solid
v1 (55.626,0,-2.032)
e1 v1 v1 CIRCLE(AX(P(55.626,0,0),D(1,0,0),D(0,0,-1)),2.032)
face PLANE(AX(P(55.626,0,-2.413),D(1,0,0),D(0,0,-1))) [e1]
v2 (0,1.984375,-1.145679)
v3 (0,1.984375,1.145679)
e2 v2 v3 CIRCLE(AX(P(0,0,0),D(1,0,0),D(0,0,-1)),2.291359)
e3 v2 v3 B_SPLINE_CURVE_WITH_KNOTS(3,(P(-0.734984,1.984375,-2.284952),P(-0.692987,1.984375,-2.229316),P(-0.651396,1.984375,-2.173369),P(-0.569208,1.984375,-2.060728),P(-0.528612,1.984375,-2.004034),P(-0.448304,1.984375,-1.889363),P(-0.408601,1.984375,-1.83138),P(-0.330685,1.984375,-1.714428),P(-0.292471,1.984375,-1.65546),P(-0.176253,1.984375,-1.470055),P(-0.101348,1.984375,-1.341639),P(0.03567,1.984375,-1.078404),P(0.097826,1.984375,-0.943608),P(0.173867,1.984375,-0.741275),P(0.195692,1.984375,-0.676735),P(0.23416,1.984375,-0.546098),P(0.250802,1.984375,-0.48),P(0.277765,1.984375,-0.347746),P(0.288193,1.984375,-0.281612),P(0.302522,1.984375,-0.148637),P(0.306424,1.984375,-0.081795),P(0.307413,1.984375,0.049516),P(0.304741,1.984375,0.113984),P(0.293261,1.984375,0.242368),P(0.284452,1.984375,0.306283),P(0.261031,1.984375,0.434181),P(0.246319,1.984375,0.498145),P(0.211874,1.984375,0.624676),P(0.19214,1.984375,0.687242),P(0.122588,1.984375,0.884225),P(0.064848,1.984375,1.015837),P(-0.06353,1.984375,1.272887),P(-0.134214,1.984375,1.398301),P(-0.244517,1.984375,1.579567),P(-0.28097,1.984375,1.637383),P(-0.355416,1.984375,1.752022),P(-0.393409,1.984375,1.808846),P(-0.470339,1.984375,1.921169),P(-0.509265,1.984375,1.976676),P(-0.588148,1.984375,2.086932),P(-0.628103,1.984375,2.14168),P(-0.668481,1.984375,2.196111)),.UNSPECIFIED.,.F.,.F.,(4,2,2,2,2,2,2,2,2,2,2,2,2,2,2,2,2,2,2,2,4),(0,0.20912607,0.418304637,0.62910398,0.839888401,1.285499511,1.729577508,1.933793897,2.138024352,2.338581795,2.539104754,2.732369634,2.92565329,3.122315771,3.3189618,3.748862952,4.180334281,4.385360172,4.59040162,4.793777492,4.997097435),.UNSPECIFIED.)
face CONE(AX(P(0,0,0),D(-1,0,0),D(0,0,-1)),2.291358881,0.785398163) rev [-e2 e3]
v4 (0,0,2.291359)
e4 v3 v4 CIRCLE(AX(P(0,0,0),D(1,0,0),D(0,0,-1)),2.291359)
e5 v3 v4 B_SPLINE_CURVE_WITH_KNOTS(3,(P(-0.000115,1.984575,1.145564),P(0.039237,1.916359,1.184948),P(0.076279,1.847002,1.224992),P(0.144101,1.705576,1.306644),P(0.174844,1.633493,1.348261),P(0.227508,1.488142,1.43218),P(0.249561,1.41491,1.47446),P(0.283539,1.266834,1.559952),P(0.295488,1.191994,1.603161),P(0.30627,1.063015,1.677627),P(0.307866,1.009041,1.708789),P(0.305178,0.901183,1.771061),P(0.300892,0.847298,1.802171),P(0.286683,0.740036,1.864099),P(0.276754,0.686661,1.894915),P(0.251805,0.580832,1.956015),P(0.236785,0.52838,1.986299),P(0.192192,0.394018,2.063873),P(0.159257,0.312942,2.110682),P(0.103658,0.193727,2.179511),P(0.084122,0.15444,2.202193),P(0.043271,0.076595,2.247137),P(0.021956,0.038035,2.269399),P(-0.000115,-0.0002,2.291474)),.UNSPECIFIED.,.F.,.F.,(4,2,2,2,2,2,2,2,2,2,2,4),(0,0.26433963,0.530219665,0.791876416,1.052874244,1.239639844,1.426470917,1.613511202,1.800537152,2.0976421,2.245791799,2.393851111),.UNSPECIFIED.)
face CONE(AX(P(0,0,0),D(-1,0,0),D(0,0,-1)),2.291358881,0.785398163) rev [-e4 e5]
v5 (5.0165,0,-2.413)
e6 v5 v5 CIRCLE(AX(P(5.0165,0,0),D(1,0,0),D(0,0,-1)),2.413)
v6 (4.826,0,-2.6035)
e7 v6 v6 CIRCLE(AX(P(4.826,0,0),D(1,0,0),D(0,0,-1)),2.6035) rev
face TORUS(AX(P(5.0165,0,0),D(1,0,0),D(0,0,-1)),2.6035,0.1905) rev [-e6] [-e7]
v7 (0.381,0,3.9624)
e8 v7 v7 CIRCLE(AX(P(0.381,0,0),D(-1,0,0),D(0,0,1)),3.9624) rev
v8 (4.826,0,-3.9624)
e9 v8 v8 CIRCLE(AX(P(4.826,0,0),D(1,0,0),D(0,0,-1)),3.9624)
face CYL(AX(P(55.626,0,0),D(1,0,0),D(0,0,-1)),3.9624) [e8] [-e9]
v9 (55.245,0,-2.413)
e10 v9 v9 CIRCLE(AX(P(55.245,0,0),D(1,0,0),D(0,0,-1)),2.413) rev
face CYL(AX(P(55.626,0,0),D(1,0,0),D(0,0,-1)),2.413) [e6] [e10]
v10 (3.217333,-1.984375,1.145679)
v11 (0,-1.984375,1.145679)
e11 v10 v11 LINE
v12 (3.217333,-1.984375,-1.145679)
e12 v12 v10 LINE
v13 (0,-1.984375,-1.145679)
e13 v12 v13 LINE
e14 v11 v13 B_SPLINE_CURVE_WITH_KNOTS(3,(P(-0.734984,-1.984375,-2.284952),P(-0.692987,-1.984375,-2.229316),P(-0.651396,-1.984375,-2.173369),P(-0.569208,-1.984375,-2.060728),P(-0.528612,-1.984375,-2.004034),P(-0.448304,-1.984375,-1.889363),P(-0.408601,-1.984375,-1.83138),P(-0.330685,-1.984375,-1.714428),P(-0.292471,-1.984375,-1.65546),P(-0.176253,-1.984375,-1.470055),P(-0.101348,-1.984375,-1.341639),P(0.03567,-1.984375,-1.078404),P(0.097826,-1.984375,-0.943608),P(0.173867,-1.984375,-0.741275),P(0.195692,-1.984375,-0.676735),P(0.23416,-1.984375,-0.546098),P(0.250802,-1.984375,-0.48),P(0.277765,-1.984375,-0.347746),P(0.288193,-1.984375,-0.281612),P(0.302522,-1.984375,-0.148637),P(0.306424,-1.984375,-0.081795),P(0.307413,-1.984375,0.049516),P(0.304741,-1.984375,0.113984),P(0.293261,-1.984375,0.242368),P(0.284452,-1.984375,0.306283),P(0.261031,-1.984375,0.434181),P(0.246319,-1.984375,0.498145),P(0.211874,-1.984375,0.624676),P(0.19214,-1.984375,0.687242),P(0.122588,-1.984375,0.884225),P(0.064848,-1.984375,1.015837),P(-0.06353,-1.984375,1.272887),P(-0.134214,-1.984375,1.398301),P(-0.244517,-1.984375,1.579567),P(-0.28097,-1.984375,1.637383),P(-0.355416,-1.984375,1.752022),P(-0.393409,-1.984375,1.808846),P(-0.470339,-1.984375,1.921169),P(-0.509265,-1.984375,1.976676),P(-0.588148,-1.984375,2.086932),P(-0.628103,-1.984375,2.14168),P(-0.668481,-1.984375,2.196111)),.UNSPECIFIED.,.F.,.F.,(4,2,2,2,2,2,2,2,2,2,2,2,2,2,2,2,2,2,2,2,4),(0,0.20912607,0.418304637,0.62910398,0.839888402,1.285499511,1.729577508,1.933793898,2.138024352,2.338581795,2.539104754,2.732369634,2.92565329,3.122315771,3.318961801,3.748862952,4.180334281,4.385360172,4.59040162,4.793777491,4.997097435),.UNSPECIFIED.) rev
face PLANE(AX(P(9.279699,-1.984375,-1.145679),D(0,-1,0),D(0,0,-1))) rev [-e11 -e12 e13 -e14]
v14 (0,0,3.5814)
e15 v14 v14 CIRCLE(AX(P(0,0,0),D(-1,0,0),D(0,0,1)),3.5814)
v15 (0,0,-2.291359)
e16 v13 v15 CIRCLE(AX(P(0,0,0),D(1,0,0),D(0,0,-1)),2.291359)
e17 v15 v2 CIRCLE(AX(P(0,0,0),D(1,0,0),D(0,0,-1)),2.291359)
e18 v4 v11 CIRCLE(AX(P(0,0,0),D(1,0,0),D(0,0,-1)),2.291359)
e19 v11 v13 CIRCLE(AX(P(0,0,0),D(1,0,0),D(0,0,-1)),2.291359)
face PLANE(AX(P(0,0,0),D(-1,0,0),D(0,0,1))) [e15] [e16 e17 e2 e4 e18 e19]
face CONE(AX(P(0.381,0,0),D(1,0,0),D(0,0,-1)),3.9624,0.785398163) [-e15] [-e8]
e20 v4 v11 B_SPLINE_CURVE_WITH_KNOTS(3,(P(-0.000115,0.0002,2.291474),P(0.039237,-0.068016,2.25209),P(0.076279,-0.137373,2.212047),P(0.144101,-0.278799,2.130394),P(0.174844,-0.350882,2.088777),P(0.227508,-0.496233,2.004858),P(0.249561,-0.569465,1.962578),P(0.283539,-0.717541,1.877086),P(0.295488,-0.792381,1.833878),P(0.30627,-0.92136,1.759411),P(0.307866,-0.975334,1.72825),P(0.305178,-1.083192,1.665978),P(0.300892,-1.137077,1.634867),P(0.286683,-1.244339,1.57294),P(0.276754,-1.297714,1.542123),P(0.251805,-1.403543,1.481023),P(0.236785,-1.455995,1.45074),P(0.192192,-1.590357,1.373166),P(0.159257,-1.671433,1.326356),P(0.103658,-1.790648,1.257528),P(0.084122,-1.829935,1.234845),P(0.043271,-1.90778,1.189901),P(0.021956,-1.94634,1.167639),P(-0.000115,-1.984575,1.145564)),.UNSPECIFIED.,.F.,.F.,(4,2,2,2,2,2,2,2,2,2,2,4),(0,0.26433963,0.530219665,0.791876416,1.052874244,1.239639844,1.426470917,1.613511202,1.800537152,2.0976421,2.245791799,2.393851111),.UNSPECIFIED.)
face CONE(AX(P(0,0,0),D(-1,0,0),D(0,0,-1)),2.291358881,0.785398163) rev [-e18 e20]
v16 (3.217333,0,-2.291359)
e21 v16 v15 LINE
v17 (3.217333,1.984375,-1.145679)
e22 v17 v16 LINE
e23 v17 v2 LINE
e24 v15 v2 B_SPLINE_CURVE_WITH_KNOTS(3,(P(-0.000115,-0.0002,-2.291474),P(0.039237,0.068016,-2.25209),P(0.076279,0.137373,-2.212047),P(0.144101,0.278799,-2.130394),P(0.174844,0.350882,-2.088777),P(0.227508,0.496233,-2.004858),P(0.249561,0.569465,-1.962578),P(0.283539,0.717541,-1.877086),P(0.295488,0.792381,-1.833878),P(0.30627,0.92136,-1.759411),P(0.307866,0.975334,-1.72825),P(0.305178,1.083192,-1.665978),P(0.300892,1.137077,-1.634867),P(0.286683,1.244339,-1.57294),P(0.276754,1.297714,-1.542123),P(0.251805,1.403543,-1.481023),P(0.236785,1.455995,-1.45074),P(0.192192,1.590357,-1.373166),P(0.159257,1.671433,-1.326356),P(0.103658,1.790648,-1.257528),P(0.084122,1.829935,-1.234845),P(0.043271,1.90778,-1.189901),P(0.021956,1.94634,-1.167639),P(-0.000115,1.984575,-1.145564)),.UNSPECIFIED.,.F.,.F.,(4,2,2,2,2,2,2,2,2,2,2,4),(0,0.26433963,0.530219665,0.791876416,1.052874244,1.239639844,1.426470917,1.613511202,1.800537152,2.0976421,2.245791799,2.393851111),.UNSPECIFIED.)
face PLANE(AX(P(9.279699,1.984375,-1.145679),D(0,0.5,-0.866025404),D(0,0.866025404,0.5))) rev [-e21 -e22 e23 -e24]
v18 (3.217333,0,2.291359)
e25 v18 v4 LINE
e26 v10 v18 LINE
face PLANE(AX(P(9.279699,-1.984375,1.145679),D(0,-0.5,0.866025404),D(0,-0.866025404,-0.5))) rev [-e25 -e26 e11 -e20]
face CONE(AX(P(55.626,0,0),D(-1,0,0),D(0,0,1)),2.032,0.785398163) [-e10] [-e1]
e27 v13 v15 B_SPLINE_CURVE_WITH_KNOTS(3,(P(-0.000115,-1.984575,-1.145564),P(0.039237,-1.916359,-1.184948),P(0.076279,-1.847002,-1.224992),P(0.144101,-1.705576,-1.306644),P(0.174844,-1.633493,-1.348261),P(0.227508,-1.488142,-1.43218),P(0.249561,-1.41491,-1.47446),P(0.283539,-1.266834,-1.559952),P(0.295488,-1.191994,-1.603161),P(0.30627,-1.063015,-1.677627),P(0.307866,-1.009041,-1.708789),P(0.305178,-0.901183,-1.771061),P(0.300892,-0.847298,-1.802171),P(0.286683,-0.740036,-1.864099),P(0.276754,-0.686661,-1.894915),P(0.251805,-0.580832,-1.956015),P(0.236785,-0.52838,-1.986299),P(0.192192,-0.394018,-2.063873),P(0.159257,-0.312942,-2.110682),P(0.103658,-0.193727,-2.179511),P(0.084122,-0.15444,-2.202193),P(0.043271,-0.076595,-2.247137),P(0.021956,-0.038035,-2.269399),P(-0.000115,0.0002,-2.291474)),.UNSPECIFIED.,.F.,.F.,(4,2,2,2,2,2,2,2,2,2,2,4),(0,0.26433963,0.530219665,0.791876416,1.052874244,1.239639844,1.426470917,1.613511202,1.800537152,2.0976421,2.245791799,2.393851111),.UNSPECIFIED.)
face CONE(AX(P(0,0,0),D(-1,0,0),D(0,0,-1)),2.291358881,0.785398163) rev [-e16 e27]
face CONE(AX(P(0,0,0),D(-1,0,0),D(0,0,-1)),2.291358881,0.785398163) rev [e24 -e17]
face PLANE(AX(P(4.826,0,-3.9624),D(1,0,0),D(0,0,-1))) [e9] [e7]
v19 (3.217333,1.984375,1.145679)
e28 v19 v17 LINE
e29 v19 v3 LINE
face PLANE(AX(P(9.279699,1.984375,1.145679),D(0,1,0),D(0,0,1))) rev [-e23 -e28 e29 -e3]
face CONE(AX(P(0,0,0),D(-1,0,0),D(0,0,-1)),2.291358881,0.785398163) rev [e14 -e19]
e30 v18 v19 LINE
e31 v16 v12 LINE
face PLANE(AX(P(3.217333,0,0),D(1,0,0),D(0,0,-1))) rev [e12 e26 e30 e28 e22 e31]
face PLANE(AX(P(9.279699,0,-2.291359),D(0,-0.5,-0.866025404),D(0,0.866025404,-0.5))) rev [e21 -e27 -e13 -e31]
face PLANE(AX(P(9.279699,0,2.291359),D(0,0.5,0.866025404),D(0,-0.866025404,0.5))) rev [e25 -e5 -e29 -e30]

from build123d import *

# Parameters (mm, degrees)
HEX_START         = -3.217333
HEX_2_DEPTH       = 3.217333
CHAMFER1_SIZE     = 0.381
FILLET1_R         = 0.1905
SKETCH3_R         = 2.291358881
HEX_CHAMFER_DEPTH = 2.54
HEX_CHAMFER_DRAFT = 45


with BuildPart() as part:
    # Sketch1 → Body (revolve)
    with BuildSketch(Plane(origin=(0, 0, 0), x_dir=(1, 0, 0), z_dir=(0, 1, 0))):
        Polygon((0, 0), (0, 3.9624), (4.826, 3.9624), (4.826, 2.413), (55.626, 2.413), (55.626, 0), align=None)
    revolve(axis=Axis((55.626, 0, 0), (-1, 0, 0)))

    # Sketch2 → Hex 2 (cut)
    with BuildSketch(Plane.ZY.offset(HEX_START)):
        Polygon((-2.291358881, 0), (-1.14567944, -1.984375), (1.14567944, -1.984375), (2.291358881, 0), (1.14567944, 1.984375), (-1.14567944, 1.984375), align=None)
    extrude(amount=HEX_2_DEPTH, mode=Mode.SUBTRACT)

    # Chamfer1
    chamfer1_edges = [part.edges().sort_by_distance(p)[0] for p in [
        (0, 0, 3.9624),
        (55.626, 0, 2.413),
    ]]
    chamfer(chamfer1_edges, length=CHAMFER1_SIZE)

    # Fillet1
    fillet1_edges = [part.edges().sort_by_distance(p)[0] for p in [
        (4.826, 0, 2.413),
    ]]
    fillet(fillet1_edges, radius=FILLET1_R)


with BuildPart() as hex_chamfer_tool:
    # Sketch3 → Hex Chamfer (with draft: the straight prism first)
    with BuildSketch(Plane(origin=(0, 0, 0), x_dir=(0, 0, -1), z_dir=(1, 0, 0))):
        Circle(SKETCH3_R)
    extrude(amount=HEX_CHAMFER_DEPTH)
    # Hex Chamfer: the draft: its side faces are tilted about the plane it starts from
    hex_chamfer_sides = [hex_chamfer_tool.faces().sort_by_distance(p)[0] for p in [
        (1.27, 0, 2.291358881),
    ]]
    draft(hex_chamfer_sides, Plane(origin=(0, 0, 0), x_dir=(0, 0, -1), z_dir=(1, 0, 0)), HEX_CHAMFER_DRAFT)


with BuildPart() as part_1:
    add(part.part)

    # Hex Chamfer: cut by hex_chamfer_tool
    add(hex_chamfer_tool.part, mode=Mode.SUBTRACT)


solid = part_1.part
